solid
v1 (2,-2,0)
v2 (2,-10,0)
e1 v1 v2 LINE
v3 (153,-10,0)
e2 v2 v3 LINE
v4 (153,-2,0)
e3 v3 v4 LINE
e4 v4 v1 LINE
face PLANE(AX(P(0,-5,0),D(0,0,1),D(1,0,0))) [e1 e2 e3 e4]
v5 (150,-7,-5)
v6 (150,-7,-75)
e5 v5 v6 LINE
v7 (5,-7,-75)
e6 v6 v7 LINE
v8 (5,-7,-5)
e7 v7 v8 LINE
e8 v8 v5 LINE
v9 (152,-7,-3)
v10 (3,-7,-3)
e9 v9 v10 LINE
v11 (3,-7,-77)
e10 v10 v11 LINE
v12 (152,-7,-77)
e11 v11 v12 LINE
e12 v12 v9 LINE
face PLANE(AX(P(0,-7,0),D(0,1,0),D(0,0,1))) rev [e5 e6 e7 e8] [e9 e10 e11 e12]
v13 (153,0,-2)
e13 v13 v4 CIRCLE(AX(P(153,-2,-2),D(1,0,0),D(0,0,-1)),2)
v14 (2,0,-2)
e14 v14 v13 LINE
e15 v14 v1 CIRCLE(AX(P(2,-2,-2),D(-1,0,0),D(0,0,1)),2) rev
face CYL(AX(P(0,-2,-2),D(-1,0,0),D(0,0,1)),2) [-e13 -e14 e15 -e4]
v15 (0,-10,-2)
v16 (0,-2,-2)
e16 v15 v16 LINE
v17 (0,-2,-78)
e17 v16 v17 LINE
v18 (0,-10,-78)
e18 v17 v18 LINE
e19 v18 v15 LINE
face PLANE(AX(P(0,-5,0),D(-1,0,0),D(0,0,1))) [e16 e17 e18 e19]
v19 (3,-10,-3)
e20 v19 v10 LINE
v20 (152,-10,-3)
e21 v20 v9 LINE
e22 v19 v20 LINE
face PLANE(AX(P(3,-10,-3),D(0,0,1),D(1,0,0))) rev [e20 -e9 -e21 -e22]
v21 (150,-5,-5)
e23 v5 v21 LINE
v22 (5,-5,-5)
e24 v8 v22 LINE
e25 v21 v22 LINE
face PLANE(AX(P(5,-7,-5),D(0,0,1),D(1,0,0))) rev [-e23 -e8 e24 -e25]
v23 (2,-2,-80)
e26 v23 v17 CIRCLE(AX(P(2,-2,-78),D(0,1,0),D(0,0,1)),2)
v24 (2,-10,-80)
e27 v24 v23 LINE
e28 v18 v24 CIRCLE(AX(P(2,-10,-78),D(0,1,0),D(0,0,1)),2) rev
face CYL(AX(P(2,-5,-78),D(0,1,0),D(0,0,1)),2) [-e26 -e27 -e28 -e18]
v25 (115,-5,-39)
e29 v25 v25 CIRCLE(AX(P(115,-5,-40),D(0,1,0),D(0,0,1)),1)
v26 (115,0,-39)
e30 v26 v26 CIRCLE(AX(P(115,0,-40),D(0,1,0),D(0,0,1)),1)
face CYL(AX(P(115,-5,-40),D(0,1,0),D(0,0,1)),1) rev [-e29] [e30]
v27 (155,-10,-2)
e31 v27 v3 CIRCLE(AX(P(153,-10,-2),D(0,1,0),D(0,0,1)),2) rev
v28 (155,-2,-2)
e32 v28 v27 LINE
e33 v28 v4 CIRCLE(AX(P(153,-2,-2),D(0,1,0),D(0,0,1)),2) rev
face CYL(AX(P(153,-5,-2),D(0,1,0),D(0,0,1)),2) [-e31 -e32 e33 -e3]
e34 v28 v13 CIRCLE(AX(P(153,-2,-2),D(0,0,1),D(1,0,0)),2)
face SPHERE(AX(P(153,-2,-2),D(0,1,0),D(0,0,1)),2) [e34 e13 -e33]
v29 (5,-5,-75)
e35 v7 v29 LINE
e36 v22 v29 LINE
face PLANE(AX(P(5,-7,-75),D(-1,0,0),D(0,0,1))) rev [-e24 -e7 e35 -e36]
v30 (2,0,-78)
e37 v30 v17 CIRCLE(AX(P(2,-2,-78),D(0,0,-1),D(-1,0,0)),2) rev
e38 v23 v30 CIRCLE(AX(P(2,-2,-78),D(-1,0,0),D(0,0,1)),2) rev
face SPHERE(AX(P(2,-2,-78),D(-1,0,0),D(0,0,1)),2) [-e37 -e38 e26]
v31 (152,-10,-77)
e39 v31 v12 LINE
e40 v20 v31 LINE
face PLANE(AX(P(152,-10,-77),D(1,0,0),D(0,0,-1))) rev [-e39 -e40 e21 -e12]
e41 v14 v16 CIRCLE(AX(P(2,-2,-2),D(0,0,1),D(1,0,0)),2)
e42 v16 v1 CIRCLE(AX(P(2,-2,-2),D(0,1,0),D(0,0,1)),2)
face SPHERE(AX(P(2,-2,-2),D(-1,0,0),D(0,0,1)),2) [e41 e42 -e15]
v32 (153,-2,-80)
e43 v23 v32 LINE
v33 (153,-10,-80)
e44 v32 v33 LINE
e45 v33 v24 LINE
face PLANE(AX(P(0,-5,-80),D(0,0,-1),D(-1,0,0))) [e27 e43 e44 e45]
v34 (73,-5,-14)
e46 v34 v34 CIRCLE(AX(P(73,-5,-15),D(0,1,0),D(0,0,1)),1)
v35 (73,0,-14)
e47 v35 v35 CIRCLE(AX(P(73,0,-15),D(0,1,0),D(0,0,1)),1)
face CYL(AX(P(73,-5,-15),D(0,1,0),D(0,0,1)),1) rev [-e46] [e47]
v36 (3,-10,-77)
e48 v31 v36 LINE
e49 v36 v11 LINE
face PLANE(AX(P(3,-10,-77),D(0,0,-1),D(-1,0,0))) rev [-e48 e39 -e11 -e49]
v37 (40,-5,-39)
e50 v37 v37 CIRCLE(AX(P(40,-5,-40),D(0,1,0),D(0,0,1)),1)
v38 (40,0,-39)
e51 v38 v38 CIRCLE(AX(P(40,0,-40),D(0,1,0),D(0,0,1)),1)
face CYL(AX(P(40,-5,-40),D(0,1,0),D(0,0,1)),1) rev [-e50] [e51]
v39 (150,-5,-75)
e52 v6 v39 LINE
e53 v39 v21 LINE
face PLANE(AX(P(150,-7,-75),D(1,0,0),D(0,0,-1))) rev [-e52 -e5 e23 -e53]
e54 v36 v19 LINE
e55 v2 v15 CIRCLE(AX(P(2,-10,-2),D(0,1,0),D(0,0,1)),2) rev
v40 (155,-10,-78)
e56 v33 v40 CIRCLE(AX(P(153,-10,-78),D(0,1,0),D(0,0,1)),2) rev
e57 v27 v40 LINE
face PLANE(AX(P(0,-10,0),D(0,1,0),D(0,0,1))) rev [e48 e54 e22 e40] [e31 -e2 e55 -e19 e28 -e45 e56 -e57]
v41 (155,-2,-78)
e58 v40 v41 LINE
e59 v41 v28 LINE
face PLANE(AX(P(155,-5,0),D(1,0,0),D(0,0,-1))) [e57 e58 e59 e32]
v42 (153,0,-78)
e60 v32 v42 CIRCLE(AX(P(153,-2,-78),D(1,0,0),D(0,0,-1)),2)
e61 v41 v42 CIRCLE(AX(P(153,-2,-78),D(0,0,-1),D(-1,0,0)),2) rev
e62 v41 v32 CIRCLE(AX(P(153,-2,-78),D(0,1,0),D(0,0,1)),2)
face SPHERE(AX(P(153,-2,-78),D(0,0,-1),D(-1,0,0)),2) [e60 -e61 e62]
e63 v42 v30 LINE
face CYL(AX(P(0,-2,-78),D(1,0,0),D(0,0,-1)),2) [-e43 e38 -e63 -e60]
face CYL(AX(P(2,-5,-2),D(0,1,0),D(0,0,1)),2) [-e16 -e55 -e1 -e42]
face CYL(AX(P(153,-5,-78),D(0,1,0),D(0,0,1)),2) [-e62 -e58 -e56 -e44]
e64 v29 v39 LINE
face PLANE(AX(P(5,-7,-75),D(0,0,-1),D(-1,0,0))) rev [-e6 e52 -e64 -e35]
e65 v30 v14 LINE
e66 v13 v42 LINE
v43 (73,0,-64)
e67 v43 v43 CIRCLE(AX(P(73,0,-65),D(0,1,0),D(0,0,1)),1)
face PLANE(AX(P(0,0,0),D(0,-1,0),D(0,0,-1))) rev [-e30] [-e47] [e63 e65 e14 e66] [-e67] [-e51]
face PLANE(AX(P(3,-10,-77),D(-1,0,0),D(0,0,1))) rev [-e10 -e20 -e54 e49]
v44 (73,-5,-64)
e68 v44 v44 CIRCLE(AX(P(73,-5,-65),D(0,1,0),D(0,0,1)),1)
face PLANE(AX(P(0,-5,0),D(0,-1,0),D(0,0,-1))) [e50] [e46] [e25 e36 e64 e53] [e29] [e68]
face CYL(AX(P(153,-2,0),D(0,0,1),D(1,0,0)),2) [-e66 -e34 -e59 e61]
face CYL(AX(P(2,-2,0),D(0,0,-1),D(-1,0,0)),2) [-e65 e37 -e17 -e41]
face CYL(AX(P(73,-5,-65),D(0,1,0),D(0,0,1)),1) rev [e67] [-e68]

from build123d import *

# Parameters (mm, degrees)
SKETCH2_W           = 155
SKETCH2_H           = 80
SKETCH2_R           = 1
BOSS_EXTRUDE1_DEPTH = 5
SKETCH3_W           = 155
SKETCH3_H           = 80
SKETCH3_W_2         = 149
SKETCH3_H_2         = 74
BOSS_EXTRUDE2_DEPTH = 10
SKETCH4_W           = 155
SKETCH4_H           = 80
SKETCH4_W_2         = 145
SKETCH4_H_2         = 70
BOSS_EXTRUDE3_DEPTH = 7
FILLET1_R           = 2


with BuildPart() as part:
    # Sketch2 → Boss-Extrude1 (new body)
    with BuildSketch(Plane(origin=(0, 0, 0), x_dir=(1, 0, 0), z_dir=(0, 1, 0))):
        with Locations((77.5, 40)):
            Rectangle(SKETCH2_W, SKETCH2_H)
        with Locations(Location((40, 40, 0), (0, 0, 270))):  # turned: the seam where the file's is
            Circle(SKETCH2_R, mode=Mode.SUBTRACT)
        with Locations(Location((115, 40, 0), (0, 0, 270))):  # turned: the seam where the file's is
            Circle(SKETCH2_R, mode=Mode.SUBTRACT)
        with Locations(Location((73, 65, 0), (0, 0, 270))):  # turned: the seam where the file's is
            Circle(SKETCH2_R, mode=Mode.SUBTRACT)
        with Locations(Location((73, 15, 0), (0, 0, 270))):  # turned: the seam where the file's is
            Circle(SKETCH2_R, mode=Mode.SUBTRACT)
    extrude(amount=-BOSS_EXTRUDE1_DEPTH)

    # Sketch3 → Boss-Extrude2 (add)
    with BuildSketch(Plane(origin=(0, 0, 0), x_dir=(1, 0, 0), z_dir=(0, 1, 0))):
        with Locations((77.5, 40)):
            Rectangle(SKETCH3_W, SKETCH3_H)
        with Locations((77.5, 40)):
            Rectangle(SKETCH3_W_2, SKETCH3_H_2, mode=Mode.SUBTRACT)
    extrude(amount=-BOSS_EXTRUDE2_DEPTH)

    # Sketch4 → Boss-Extrude3 (add)
    with BuildSketch(Plane(origin=(0, 0, 0), x_dir=(1, 0, 0), z_dir=(0, 1, 0))):
        with Locations((77.5, 40)):
            Rectangle(SKETCH4_W, SKETCH4_H)
        with Locations((77.5, 40)):
            Rectangle(SKETCH4_W_2, SKETCH4_H_2, mode=Mode.SUBTRACT)
    extrude(amount=-BOSS_EXTRUDE3_DEPTH)

    # Fillet1
    fillet1_edges = [part.edges().sort_by_distance(p)[0] for p in [
        (77.5, 0, -80),
        (155, 0, -40),
        (77.5, 0, 0),
        (0, 0, -40),
        (0, -5, -80),
        (155, -5, -80),
        (155, -5, 0),
        (0, -5, 0),
    ]]
    fillet(fillet1_edges, radius=FILLET1_R)


solid = part.part
